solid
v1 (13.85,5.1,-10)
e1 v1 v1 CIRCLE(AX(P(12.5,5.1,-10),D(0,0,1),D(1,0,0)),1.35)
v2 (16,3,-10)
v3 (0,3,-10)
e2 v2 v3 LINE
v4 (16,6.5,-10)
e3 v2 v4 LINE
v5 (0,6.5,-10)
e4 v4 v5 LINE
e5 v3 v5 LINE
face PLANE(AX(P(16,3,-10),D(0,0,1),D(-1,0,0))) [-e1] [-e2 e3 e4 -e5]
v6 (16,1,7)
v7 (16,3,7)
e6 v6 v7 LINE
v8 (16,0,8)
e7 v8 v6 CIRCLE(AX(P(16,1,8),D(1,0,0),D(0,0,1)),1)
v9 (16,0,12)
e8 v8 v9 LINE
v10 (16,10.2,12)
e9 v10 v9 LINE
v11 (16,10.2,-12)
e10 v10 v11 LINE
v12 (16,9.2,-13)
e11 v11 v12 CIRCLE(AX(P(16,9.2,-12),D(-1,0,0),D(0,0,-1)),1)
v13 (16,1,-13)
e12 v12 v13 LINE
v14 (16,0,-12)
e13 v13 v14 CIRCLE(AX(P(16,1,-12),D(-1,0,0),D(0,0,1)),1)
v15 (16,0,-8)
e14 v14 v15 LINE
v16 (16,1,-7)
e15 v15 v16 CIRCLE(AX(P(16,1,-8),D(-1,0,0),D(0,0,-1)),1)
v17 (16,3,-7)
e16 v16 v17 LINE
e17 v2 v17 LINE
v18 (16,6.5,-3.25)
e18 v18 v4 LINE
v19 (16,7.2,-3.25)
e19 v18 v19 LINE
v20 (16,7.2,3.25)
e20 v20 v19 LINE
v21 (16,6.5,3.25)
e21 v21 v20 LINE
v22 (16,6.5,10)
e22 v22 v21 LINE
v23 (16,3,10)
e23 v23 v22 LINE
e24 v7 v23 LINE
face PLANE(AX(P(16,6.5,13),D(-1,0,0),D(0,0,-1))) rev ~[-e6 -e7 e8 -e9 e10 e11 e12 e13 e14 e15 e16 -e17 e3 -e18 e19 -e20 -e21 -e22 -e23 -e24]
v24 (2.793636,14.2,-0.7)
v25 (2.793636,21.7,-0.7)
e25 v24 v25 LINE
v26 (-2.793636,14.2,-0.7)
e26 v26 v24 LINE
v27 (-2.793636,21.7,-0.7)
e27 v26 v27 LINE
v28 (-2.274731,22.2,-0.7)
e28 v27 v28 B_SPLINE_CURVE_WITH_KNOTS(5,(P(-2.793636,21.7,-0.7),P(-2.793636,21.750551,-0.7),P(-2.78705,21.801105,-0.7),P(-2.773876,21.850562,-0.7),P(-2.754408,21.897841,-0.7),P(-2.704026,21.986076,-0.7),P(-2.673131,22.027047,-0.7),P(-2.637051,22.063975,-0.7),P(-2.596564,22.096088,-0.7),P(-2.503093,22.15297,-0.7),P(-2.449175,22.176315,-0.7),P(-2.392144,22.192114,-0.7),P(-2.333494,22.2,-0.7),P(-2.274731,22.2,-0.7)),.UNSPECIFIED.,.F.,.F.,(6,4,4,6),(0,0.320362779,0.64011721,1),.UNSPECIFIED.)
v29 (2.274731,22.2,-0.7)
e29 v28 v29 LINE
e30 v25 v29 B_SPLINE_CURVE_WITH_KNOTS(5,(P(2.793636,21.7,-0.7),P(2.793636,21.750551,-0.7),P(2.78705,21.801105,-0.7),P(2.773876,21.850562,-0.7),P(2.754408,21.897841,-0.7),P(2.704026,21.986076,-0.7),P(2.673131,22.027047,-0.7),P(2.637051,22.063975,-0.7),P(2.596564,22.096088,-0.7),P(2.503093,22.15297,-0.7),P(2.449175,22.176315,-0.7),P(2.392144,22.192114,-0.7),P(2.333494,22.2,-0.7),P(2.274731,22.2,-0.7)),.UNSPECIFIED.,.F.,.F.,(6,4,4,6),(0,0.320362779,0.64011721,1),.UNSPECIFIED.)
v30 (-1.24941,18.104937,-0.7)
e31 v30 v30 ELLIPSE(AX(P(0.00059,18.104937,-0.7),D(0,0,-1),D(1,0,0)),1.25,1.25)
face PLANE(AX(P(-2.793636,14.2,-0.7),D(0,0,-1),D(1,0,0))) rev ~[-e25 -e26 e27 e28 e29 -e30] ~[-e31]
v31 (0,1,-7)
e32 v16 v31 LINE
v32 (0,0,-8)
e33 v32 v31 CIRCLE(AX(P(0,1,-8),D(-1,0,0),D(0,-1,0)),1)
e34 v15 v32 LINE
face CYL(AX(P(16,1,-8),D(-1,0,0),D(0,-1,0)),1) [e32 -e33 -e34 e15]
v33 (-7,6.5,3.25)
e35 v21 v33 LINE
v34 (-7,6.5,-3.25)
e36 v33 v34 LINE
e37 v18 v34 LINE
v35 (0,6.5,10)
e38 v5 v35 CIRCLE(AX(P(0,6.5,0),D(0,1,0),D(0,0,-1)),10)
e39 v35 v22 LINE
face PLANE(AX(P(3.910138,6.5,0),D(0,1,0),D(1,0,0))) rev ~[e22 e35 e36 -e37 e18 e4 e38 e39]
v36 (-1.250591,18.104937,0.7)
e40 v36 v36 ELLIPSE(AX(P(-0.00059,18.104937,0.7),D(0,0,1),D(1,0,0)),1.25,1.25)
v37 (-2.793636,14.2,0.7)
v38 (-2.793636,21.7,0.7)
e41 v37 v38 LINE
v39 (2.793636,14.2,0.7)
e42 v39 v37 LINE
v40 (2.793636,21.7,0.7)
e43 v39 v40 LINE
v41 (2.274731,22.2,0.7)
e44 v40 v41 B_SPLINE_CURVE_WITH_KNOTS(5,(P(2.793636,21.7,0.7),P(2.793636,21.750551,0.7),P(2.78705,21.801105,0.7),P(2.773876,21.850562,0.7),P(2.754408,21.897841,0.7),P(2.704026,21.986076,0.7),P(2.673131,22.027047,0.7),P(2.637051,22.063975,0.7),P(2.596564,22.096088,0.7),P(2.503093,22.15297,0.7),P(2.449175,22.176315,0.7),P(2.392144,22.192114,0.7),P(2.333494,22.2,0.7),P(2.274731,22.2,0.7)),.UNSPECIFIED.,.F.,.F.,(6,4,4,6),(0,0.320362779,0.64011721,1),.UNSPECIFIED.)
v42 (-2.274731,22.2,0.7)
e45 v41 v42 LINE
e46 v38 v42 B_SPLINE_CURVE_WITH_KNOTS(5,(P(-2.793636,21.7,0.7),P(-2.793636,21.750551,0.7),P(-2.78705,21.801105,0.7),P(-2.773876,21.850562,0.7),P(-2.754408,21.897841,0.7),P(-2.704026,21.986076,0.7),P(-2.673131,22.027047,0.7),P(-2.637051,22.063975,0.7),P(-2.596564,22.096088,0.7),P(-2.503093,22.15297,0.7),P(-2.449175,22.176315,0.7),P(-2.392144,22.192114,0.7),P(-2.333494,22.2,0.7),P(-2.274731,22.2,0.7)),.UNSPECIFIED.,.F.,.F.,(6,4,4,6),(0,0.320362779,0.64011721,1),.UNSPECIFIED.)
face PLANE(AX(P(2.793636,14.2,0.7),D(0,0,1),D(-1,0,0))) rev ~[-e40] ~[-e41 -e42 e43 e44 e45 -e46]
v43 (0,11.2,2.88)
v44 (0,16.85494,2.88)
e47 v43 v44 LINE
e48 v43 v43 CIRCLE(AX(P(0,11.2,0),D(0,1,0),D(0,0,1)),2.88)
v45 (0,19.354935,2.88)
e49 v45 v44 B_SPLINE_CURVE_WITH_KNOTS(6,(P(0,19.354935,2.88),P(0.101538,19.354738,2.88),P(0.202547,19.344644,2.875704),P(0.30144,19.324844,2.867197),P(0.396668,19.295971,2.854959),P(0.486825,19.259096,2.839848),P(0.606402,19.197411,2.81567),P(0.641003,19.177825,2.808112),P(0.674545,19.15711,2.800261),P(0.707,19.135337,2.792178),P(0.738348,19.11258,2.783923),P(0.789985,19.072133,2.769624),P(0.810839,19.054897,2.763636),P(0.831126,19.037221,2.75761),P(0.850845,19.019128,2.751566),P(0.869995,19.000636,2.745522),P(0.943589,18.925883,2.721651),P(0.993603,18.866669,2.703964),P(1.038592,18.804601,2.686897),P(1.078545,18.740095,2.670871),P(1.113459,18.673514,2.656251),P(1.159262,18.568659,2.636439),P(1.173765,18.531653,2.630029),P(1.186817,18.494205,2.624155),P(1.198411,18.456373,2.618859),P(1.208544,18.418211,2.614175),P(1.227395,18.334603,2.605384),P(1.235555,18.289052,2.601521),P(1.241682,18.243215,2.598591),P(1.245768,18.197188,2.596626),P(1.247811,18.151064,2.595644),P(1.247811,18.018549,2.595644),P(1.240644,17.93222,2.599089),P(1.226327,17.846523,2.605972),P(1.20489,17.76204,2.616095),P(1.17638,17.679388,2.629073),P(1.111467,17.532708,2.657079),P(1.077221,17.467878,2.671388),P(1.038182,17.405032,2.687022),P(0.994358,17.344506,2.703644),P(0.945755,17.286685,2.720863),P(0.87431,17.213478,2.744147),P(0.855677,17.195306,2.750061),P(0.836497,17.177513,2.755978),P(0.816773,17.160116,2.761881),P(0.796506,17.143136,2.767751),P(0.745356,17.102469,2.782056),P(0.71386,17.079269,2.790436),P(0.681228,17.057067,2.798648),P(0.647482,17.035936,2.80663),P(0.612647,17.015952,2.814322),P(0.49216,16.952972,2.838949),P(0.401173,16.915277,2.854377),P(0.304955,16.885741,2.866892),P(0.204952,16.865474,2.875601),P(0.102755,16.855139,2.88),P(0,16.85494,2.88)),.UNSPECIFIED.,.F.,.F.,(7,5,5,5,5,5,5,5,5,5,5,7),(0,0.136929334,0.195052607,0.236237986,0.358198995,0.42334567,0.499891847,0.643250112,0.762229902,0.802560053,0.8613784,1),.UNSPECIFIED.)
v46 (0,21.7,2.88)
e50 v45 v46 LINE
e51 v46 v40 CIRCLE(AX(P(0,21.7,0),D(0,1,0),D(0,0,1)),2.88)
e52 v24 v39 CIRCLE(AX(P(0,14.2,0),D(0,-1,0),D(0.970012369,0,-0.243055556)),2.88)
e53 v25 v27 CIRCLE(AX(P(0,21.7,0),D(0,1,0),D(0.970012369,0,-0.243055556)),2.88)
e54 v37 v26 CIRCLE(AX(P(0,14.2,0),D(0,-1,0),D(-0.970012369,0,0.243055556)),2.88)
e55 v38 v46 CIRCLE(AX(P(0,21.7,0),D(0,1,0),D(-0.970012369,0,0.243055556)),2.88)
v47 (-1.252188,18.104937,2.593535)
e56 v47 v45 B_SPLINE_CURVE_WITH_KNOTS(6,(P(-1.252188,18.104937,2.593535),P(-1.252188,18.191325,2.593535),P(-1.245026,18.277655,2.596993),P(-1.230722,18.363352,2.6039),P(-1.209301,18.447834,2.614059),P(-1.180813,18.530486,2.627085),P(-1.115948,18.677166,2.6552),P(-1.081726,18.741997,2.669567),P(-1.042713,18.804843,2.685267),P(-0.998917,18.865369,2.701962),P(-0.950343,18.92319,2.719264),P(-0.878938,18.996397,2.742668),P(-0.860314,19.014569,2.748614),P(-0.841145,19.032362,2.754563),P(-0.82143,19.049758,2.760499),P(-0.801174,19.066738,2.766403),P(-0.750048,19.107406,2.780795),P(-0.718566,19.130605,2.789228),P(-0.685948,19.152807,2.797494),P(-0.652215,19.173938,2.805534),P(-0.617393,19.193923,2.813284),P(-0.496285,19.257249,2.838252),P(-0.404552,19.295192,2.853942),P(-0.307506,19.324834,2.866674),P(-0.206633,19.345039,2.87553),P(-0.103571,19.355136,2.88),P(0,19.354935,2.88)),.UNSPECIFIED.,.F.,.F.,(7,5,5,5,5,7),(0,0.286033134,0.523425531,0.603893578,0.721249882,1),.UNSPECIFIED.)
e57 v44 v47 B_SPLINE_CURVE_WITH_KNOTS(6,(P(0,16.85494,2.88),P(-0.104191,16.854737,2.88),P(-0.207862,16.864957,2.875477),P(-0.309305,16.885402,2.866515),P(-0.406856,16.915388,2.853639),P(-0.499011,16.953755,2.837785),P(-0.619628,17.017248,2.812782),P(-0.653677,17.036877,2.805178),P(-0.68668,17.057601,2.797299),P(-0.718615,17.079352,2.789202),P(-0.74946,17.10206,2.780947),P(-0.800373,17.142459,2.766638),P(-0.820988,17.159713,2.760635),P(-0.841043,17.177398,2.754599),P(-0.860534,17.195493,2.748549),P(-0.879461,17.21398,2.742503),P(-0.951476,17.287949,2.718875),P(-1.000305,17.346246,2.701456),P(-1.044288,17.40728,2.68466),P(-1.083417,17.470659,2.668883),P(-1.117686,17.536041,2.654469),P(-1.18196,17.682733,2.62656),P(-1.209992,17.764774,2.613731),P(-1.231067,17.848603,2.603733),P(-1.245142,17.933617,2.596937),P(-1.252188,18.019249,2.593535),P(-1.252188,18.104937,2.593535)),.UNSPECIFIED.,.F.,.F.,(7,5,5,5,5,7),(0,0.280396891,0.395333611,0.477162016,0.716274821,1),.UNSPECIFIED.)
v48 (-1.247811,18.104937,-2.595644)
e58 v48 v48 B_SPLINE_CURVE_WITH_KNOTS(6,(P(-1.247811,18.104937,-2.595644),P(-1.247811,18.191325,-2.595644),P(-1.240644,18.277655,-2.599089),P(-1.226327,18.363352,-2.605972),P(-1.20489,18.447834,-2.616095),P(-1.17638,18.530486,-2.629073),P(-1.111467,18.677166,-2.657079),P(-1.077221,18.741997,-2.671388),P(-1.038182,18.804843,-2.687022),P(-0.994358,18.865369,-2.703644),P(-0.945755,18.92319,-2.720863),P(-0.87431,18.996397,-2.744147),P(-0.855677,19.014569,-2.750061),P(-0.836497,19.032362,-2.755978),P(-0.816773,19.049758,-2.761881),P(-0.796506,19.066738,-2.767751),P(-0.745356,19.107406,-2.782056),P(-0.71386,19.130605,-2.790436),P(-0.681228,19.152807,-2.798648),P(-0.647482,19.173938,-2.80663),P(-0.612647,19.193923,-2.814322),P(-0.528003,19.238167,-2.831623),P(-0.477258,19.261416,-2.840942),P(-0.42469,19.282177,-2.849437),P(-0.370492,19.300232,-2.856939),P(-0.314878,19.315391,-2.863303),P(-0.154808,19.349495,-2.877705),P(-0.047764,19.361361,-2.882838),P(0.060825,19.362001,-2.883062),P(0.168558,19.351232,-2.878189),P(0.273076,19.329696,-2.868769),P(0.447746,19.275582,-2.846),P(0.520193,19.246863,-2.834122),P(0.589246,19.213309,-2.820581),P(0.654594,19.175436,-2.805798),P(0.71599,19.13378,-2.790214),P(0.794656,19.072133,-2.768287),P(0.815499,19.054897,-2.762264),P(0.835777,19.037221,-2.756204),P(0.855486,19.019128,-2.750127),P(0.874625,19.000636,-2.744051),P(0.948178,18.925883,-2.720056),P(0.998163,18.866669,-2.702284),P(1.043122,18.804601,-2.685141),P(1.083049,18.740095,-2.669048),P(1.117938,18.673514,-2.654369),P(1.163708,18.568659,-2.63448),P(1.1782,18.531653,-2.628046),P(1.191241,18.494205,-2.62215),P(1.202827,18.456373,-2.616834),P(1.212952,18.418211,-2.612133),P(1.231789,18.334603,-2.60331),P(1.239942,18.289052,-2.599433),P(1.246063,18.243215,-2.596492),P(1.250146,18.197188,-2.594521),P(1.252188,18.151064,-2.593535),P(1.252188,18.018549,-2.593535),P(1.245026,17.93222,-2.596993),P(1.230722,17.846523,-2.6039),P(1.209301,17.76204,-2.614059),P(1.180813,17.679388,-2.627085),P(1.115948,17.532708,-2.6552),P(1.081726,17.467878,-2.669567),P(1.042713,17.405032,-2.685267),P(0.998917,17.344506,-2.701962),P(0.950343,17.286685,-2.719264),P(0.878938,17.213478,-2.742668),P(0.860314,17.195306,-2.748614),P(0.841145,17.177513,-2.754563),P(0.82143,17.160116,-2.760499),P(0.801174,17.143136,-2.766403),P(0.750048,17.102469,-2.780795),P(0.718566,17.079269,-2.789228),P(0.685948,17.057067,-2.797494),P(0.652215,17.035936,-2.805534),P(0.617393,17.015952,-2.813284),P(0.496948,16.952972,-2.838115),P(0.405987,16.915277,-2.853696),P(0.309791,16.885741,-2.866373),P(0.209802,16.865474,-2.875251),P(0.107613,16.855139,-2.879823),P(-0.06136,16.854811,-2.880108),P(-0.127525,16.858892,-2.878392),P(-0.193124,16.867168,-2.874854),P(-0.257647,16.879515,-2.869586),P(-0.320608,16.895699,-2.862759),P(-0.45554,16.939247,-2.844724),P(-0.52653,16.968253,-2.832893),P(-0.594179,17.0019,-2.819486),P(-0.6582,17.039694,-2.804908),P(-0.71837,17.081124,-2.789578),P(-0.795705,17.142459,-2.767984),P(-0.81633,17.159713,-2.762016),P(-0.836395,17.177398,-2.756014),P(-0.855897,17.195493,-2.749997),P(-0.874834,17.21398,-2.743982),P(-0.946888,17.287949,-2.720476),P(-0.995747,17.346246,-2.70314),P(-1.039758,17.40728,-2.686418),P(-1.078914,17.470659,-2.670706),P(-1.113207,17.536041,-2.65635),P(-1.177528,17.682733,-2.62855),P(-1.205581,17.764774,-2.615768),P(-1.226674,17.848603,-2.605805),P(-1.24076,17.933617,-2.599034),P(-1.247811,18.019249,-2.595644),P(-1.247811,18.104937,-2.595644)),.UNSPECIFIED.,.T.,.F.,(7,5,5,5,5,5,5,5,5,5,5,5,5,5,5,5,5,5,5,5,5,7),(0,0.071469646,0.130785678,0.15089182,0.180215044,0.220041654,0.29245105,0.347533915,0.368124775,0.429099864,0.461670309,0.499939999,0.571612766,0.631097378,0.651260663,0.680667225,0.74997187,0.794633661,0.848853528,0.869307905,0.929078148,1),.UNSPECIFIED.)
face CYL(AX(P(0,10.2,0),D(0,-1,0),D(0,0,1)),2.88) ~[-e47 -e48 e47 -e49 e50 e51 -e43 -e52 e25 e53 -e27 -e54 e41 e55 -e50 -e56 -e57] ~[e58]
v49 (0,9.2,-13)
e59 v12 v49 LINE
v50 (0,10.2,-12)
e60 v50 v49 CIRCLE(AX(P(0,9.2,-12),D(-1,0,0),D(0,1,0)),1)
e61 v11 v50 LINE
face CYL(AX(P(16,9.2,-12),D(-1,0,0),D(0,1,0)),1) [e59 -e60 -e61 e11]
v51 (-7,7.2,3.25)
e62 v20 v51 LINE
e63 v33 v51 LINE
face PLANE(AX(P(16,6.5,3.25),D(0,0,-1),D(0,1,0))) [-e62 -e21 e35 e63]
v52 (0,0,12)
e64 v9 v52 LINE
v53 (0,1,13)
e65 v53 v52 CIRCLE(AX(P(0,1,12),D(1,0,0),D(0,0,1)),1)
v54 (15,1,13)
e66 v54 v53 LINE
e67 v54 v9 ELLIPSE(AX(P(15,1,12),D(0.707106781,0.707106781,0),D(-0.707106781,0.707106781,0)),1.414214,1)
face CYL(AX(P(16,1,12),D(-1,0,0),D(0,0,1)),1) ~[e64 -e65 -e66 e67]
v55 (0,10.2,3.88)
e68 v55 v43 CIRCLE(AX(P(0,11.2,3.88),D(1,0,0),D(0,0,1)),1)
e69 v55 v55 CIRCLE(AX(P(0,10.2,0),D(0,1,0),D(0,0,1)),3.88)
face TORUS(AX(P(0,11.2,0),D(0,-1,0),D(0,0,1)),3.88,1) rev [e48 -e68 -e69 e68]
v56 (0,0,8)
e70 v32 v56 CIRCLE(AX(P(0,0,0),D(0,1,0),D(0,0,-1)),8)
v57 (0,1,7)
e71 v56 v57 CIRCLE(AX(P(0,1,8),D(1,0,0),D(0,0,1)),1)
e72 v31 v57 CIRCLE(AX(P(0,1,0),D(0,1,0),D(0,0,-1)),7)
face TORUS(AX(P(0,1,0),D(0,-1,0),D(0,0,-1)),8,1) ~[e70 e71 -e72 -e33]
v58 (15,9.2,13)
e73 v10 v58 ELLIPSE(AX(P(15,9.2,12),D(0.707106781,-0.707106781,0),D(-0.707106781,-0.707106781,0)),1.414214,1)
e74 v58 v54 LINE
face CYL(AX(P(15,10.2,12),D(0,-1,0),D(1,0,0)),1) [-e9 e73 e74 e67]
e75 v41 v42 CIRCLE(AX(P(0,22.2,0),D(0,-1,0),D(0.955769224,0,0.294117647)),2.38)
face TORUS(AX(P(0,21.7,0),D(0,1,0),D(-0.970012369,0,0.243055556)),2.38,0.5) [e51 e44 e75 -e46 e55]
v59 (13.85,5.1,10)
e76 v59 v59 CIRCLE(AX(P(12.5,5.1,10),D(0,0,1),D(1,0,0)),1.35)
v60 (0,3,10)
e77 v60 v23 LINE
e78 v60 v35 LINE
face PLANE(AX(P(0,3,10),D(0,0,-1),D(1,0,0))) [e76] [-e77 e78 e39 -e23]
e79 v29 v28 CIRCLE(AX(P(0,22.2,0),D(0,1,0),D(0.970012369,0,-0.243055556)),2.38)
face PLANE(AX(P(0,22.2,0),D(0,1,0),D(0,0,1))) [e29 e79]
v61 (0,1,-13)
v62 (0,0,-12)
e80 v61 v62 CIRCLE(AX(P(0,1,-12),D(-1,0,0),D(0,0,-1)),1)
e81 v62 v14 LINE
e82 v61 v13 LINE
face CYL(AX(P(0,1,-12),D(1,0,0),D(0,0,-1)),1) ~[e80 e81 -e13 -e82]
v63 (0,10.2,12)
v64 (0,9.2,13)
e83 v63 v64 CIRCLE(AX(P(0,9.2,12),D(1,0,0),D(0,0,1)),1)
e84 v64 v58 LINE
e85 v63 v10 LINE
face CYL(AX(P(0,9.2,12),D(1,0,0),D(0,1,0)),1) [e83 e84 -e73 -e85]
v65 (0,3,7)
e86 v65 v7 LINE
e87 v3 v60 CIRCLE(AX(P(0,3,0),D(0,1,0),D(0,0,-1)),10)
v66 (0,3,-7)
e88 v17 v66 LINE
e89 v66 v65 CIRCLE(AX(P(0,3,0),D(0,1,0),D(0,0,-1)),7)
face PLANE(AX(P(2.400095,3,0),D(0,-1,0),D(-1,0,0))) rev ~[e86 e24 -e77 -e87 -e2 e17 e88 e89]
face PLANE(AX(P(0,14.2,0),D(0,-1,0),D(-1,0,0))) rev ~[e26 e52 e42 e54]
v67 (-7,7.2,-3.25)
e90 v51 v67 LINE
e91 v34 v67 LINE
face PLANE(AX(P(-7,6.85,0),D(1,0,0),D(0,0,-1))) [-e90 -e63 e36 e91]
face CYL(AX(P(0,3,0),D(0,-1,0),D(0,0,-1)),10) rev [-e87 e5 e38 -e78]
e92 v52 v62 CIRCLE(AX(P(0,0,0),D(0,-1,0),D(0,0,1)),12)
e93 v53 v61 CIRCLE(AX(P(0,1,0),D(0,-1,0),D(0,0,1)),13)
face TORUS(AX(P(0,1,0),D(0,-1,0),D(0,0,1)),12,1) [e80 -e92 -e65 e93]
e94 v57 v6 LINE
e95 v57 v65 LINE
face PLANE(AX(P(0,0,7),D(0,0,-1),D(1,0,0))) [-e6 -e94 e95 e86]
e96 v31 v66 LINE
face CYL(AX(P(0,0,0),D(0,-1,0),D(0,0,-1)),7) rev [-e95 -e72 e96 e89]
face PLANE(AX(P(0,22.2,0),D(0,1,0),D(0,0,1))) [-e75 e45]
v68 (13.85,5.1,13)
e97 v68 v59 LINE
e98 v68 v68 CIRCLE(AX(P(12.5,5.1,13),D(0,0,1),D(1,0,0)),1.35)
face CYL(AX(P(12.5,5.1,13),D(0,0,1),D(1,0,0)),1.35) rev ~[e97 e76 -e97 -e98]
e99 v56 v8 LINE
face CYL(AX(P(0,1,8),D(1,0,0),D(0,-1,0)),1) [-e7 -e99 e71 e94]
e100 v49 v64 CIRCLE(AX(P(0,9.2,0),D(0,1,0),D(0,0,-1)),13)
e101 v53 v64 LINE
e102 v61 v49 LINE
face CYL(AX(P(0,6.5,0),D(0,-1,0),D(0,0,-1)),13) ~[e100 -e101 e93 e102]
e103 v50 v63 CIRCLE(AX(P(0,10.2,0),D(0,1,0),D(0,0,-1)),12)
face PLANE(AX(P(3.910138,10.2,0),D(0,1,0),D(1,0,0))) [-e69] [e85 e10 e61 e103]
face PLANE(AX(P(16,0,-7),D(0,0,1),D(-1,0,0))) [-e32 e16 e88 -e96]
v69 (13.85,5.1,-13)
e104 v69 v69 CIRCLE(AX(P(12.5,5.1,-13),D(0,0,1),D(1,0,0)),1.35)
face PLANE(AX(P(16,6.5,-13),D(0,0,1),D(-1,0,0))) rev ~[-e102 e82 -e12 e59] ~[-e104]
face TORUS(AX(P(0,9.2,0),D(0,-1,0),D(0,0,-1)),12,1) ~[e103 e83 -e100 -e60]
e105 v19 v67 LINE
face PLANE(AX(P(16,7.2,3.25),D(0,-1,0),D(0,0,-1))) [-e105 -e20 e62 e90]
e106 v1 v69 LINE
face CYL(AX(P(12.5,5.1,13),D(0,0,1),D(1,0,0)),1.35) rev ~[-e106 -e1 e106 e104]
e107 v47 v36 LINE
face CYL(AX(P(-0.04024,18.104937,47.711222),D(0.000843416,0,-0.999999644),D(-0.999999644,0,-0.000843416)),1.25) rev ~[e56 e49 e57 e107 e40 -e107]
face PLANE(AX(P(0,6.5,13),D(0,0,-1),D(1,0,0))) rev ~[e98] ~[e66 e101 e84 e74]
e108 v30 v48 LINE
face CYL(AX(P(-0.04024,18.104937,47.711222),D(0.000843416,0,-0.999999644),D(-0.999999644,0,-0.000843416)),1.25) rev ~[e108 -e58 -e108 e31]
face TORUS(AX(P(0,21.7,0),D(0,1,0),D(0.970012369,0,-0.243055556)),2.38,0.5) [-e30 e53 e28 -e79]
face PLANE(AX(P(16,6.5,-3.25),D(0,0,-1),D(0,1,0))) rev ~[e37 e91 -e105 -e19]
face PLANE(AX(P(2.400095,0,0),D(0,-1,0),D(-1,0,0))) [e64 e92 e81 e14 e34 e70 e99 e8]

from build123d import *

# Parameters (mm, degrees)
BOSS_EXTRUDE1_DEPTH   = 3
BOSS_EXTRUDE2_DEPTH   = 3.5
BOSS_EXTRUDE3_DEPTH   = 3.7
SKETCH4_R             = 2.88
BOSS_EXTRUDE4_DEPTH   = 12
SKETCH11_W            = 6.5
SKETCH11_H            = 0.7
CUT_EXTRUDE3_DEPTH    = 23
F_2_5MM_DOWEL_HOLE1_D = 2.5
SKETCH8_R             = 1.35
CUT_EXTRUDE1_DEPTH    = 38.747052924
FILLET1_R             = 1
FILLET2_R             = 1
CUT_EXTRUDE2_START    = -8
CUT_EXTRUDE2_DEPTH    = 8
FILLET3_R             = 0.5


with BuildPart() as part:
    # Sketch1 → Boss-Extrude1 (new body)
    with BuildSketch(Plane(origin=(0, 0, 0), x_dir=(1, 0, 0), z_dir=(0, 1, 0))):
        with BuildLine():
            Line((0, 13), (16, 13))
            Line((16, 13), (16, 7))
            Line((16, 7), (0, 7))
            ThreePointArc((0, 7), (-7, 0), (0, -7))
            Line((0, -7), (16, -7))
            Line((16, -7), (16, -13))
            Line((16, -13), (0, -13))
            ThreePointArc((0, -13), (-13, 0), (0, 13))
        make_face()
    extrude(amount=BOSS_EXTRUDE1_DEPTH)

    # Sketch2 → Boss-Extrude2 (add)
    with BuildSketch(Plane(origin=(0, 3, 0), x_dir=(1, 0, 0), z_dir=(0, 1, 0))):
        with BuildLine():
            Line((0, 13), (16, 13))
            Line((16, 13), (16, 10))
            Line((16, 10), (0, 10))
            ThreePointArc((0, 10), (-10, 0), (0, -10))
            Line((0, -10), (16, -10))
            Line((16, -10), (16, -13))
            Line((16, -13), (0, -13))
            ThreePointArc((0, -13), (-13, 0), (0, 13))
        make_face()
    extrude(amount=BOSS_EXTRUDE2_DEPTH)

    # Sketch3 → Boss-Extrude3 (add)
    with BuildSketch(Plane(origin=(0, 6.5, 0), x_dir=(1, 0, 0), z_dir=(0, 1, 0))):
        with BuildLine():
            Line((16, 13), (0, 13))
            ThreePointArc((0, 13), (-13, 0), (0, -13))
            Line((0, -13), (16, -13))
            Line((16, -13), (16, -7))
            Line((16, -7), (16, 7))
            Line((16, 7), (16, 13))
        make_face()
    extrude(amount=BOSS_EXTRUDE3_DEPTH)

    # Sketch4 → Boss-Extrude4 (add)
    with BuildSketch(Plane(origin=(0, 10.2, 0), x_dir=(1, 0, 0), z_dir=(0, 1, 0))):
        with Locations(Location((0, 0, 0), (0, 0, 270))):
            Circle(SKETCH4_R)
    extrude(amount=BOSS_EXTRUDE4_DEPTH)

    # Sketch11 → Cut-Extrude3 (cut)
    with BuildSketch(Plane(origin=(16, 0, 0), x_dir=(0, 0, -1), z_dir=(1, 0, 0))):
        with Locations((0, 6.85)):
            Rectangle(SKETCH11_W, SKETCH11_H)
    extrude(amount=-CUT_EXTRUDE3_DEPTH, mode=Mode.SUBTRACT)

    # Ø2.5mm Dowel Hole1 (through all)
    with Locations(Plane(origin=(-0.002429038, 18.104937254, 2.879998976), x_dir=(0.999999644325, 0, 0.000843415861), z_dir=(-0.000843415861, 0, 0.999999644325))):
        with Locations((0, 0)):
            Hole(F_2_5MM_DOWEL_HOLE1_D / 2)

    # Sketch8 → Cut-Extrude1 (cut, through all)
    with BuildSketch(Plane.XY.offset(13)):
        with Locations((12.5, 5.1)):
            Circle(SKETCH8_R)
    extrude(amount=-CUT_EXTRUDE1_DEPTH, mode=Mode.SUBTRACT)

    # Fillet1
    fillet1_edges = [part.edges().sort_by_distance(p)[0] for p in [
        (8, 0, -13),
        (8, 0, -7),
        (-7, 0, 0),
        (16, 5.1, 13),
        (-13, 10.2, 0),
        (8, 10.2, 13),
        (8, 10.2, -13),
        (8, 0, 7),
        (8, 0, 13),
        (-13, 0, 0),
    ]]
    fillet(fillet1_edges, radius=FILLET1_R)

    # Fillet2
    fillet2_edges = [part.edges().sort_by_distance(p)[0] for p in [
        (0, 10.2, -2.88),
    ]]
    fillet(fillet2_edges, radius=FILLET2_R)

    # Sketch10 → Cut-Extrude2 (cut)
    with BuildSketch(Plane(origin=(0, 22.2, 0), x_dir=(1, 0, 0), z_dir=(0, 1, 0)).offset(CUT_EXTRUDE2_START)):
        with BuildLine():
            Line((-2.793635624, 0.7), (2.793635624, 0.7))
            ThreePointArc((2.793635624, 0.7), (2.88, 0), (2.793635624, -0.7))
            Line((2.793635624, -0.7), (-2.793635624, -0.7))
            ThreePointArc((-2.793635624, -0.7), (-2.88, 0), (-2.793635624, 0.7))
        make_face()
    extrude(amount=CUT_EXTRUDE2_DEPTH, mode=Mode.SUBTRACT)

    # Fillet3
    fillet3_edges = [part.edges().sort_by_distance(p)[0] for p in [
        (0, 22.2, -2.88),
        (1.771778767, 22.2, 2.270506551),
    ]]
    fillet(fillet3_edges, radius=FILLET3_R)


solid = part.part
